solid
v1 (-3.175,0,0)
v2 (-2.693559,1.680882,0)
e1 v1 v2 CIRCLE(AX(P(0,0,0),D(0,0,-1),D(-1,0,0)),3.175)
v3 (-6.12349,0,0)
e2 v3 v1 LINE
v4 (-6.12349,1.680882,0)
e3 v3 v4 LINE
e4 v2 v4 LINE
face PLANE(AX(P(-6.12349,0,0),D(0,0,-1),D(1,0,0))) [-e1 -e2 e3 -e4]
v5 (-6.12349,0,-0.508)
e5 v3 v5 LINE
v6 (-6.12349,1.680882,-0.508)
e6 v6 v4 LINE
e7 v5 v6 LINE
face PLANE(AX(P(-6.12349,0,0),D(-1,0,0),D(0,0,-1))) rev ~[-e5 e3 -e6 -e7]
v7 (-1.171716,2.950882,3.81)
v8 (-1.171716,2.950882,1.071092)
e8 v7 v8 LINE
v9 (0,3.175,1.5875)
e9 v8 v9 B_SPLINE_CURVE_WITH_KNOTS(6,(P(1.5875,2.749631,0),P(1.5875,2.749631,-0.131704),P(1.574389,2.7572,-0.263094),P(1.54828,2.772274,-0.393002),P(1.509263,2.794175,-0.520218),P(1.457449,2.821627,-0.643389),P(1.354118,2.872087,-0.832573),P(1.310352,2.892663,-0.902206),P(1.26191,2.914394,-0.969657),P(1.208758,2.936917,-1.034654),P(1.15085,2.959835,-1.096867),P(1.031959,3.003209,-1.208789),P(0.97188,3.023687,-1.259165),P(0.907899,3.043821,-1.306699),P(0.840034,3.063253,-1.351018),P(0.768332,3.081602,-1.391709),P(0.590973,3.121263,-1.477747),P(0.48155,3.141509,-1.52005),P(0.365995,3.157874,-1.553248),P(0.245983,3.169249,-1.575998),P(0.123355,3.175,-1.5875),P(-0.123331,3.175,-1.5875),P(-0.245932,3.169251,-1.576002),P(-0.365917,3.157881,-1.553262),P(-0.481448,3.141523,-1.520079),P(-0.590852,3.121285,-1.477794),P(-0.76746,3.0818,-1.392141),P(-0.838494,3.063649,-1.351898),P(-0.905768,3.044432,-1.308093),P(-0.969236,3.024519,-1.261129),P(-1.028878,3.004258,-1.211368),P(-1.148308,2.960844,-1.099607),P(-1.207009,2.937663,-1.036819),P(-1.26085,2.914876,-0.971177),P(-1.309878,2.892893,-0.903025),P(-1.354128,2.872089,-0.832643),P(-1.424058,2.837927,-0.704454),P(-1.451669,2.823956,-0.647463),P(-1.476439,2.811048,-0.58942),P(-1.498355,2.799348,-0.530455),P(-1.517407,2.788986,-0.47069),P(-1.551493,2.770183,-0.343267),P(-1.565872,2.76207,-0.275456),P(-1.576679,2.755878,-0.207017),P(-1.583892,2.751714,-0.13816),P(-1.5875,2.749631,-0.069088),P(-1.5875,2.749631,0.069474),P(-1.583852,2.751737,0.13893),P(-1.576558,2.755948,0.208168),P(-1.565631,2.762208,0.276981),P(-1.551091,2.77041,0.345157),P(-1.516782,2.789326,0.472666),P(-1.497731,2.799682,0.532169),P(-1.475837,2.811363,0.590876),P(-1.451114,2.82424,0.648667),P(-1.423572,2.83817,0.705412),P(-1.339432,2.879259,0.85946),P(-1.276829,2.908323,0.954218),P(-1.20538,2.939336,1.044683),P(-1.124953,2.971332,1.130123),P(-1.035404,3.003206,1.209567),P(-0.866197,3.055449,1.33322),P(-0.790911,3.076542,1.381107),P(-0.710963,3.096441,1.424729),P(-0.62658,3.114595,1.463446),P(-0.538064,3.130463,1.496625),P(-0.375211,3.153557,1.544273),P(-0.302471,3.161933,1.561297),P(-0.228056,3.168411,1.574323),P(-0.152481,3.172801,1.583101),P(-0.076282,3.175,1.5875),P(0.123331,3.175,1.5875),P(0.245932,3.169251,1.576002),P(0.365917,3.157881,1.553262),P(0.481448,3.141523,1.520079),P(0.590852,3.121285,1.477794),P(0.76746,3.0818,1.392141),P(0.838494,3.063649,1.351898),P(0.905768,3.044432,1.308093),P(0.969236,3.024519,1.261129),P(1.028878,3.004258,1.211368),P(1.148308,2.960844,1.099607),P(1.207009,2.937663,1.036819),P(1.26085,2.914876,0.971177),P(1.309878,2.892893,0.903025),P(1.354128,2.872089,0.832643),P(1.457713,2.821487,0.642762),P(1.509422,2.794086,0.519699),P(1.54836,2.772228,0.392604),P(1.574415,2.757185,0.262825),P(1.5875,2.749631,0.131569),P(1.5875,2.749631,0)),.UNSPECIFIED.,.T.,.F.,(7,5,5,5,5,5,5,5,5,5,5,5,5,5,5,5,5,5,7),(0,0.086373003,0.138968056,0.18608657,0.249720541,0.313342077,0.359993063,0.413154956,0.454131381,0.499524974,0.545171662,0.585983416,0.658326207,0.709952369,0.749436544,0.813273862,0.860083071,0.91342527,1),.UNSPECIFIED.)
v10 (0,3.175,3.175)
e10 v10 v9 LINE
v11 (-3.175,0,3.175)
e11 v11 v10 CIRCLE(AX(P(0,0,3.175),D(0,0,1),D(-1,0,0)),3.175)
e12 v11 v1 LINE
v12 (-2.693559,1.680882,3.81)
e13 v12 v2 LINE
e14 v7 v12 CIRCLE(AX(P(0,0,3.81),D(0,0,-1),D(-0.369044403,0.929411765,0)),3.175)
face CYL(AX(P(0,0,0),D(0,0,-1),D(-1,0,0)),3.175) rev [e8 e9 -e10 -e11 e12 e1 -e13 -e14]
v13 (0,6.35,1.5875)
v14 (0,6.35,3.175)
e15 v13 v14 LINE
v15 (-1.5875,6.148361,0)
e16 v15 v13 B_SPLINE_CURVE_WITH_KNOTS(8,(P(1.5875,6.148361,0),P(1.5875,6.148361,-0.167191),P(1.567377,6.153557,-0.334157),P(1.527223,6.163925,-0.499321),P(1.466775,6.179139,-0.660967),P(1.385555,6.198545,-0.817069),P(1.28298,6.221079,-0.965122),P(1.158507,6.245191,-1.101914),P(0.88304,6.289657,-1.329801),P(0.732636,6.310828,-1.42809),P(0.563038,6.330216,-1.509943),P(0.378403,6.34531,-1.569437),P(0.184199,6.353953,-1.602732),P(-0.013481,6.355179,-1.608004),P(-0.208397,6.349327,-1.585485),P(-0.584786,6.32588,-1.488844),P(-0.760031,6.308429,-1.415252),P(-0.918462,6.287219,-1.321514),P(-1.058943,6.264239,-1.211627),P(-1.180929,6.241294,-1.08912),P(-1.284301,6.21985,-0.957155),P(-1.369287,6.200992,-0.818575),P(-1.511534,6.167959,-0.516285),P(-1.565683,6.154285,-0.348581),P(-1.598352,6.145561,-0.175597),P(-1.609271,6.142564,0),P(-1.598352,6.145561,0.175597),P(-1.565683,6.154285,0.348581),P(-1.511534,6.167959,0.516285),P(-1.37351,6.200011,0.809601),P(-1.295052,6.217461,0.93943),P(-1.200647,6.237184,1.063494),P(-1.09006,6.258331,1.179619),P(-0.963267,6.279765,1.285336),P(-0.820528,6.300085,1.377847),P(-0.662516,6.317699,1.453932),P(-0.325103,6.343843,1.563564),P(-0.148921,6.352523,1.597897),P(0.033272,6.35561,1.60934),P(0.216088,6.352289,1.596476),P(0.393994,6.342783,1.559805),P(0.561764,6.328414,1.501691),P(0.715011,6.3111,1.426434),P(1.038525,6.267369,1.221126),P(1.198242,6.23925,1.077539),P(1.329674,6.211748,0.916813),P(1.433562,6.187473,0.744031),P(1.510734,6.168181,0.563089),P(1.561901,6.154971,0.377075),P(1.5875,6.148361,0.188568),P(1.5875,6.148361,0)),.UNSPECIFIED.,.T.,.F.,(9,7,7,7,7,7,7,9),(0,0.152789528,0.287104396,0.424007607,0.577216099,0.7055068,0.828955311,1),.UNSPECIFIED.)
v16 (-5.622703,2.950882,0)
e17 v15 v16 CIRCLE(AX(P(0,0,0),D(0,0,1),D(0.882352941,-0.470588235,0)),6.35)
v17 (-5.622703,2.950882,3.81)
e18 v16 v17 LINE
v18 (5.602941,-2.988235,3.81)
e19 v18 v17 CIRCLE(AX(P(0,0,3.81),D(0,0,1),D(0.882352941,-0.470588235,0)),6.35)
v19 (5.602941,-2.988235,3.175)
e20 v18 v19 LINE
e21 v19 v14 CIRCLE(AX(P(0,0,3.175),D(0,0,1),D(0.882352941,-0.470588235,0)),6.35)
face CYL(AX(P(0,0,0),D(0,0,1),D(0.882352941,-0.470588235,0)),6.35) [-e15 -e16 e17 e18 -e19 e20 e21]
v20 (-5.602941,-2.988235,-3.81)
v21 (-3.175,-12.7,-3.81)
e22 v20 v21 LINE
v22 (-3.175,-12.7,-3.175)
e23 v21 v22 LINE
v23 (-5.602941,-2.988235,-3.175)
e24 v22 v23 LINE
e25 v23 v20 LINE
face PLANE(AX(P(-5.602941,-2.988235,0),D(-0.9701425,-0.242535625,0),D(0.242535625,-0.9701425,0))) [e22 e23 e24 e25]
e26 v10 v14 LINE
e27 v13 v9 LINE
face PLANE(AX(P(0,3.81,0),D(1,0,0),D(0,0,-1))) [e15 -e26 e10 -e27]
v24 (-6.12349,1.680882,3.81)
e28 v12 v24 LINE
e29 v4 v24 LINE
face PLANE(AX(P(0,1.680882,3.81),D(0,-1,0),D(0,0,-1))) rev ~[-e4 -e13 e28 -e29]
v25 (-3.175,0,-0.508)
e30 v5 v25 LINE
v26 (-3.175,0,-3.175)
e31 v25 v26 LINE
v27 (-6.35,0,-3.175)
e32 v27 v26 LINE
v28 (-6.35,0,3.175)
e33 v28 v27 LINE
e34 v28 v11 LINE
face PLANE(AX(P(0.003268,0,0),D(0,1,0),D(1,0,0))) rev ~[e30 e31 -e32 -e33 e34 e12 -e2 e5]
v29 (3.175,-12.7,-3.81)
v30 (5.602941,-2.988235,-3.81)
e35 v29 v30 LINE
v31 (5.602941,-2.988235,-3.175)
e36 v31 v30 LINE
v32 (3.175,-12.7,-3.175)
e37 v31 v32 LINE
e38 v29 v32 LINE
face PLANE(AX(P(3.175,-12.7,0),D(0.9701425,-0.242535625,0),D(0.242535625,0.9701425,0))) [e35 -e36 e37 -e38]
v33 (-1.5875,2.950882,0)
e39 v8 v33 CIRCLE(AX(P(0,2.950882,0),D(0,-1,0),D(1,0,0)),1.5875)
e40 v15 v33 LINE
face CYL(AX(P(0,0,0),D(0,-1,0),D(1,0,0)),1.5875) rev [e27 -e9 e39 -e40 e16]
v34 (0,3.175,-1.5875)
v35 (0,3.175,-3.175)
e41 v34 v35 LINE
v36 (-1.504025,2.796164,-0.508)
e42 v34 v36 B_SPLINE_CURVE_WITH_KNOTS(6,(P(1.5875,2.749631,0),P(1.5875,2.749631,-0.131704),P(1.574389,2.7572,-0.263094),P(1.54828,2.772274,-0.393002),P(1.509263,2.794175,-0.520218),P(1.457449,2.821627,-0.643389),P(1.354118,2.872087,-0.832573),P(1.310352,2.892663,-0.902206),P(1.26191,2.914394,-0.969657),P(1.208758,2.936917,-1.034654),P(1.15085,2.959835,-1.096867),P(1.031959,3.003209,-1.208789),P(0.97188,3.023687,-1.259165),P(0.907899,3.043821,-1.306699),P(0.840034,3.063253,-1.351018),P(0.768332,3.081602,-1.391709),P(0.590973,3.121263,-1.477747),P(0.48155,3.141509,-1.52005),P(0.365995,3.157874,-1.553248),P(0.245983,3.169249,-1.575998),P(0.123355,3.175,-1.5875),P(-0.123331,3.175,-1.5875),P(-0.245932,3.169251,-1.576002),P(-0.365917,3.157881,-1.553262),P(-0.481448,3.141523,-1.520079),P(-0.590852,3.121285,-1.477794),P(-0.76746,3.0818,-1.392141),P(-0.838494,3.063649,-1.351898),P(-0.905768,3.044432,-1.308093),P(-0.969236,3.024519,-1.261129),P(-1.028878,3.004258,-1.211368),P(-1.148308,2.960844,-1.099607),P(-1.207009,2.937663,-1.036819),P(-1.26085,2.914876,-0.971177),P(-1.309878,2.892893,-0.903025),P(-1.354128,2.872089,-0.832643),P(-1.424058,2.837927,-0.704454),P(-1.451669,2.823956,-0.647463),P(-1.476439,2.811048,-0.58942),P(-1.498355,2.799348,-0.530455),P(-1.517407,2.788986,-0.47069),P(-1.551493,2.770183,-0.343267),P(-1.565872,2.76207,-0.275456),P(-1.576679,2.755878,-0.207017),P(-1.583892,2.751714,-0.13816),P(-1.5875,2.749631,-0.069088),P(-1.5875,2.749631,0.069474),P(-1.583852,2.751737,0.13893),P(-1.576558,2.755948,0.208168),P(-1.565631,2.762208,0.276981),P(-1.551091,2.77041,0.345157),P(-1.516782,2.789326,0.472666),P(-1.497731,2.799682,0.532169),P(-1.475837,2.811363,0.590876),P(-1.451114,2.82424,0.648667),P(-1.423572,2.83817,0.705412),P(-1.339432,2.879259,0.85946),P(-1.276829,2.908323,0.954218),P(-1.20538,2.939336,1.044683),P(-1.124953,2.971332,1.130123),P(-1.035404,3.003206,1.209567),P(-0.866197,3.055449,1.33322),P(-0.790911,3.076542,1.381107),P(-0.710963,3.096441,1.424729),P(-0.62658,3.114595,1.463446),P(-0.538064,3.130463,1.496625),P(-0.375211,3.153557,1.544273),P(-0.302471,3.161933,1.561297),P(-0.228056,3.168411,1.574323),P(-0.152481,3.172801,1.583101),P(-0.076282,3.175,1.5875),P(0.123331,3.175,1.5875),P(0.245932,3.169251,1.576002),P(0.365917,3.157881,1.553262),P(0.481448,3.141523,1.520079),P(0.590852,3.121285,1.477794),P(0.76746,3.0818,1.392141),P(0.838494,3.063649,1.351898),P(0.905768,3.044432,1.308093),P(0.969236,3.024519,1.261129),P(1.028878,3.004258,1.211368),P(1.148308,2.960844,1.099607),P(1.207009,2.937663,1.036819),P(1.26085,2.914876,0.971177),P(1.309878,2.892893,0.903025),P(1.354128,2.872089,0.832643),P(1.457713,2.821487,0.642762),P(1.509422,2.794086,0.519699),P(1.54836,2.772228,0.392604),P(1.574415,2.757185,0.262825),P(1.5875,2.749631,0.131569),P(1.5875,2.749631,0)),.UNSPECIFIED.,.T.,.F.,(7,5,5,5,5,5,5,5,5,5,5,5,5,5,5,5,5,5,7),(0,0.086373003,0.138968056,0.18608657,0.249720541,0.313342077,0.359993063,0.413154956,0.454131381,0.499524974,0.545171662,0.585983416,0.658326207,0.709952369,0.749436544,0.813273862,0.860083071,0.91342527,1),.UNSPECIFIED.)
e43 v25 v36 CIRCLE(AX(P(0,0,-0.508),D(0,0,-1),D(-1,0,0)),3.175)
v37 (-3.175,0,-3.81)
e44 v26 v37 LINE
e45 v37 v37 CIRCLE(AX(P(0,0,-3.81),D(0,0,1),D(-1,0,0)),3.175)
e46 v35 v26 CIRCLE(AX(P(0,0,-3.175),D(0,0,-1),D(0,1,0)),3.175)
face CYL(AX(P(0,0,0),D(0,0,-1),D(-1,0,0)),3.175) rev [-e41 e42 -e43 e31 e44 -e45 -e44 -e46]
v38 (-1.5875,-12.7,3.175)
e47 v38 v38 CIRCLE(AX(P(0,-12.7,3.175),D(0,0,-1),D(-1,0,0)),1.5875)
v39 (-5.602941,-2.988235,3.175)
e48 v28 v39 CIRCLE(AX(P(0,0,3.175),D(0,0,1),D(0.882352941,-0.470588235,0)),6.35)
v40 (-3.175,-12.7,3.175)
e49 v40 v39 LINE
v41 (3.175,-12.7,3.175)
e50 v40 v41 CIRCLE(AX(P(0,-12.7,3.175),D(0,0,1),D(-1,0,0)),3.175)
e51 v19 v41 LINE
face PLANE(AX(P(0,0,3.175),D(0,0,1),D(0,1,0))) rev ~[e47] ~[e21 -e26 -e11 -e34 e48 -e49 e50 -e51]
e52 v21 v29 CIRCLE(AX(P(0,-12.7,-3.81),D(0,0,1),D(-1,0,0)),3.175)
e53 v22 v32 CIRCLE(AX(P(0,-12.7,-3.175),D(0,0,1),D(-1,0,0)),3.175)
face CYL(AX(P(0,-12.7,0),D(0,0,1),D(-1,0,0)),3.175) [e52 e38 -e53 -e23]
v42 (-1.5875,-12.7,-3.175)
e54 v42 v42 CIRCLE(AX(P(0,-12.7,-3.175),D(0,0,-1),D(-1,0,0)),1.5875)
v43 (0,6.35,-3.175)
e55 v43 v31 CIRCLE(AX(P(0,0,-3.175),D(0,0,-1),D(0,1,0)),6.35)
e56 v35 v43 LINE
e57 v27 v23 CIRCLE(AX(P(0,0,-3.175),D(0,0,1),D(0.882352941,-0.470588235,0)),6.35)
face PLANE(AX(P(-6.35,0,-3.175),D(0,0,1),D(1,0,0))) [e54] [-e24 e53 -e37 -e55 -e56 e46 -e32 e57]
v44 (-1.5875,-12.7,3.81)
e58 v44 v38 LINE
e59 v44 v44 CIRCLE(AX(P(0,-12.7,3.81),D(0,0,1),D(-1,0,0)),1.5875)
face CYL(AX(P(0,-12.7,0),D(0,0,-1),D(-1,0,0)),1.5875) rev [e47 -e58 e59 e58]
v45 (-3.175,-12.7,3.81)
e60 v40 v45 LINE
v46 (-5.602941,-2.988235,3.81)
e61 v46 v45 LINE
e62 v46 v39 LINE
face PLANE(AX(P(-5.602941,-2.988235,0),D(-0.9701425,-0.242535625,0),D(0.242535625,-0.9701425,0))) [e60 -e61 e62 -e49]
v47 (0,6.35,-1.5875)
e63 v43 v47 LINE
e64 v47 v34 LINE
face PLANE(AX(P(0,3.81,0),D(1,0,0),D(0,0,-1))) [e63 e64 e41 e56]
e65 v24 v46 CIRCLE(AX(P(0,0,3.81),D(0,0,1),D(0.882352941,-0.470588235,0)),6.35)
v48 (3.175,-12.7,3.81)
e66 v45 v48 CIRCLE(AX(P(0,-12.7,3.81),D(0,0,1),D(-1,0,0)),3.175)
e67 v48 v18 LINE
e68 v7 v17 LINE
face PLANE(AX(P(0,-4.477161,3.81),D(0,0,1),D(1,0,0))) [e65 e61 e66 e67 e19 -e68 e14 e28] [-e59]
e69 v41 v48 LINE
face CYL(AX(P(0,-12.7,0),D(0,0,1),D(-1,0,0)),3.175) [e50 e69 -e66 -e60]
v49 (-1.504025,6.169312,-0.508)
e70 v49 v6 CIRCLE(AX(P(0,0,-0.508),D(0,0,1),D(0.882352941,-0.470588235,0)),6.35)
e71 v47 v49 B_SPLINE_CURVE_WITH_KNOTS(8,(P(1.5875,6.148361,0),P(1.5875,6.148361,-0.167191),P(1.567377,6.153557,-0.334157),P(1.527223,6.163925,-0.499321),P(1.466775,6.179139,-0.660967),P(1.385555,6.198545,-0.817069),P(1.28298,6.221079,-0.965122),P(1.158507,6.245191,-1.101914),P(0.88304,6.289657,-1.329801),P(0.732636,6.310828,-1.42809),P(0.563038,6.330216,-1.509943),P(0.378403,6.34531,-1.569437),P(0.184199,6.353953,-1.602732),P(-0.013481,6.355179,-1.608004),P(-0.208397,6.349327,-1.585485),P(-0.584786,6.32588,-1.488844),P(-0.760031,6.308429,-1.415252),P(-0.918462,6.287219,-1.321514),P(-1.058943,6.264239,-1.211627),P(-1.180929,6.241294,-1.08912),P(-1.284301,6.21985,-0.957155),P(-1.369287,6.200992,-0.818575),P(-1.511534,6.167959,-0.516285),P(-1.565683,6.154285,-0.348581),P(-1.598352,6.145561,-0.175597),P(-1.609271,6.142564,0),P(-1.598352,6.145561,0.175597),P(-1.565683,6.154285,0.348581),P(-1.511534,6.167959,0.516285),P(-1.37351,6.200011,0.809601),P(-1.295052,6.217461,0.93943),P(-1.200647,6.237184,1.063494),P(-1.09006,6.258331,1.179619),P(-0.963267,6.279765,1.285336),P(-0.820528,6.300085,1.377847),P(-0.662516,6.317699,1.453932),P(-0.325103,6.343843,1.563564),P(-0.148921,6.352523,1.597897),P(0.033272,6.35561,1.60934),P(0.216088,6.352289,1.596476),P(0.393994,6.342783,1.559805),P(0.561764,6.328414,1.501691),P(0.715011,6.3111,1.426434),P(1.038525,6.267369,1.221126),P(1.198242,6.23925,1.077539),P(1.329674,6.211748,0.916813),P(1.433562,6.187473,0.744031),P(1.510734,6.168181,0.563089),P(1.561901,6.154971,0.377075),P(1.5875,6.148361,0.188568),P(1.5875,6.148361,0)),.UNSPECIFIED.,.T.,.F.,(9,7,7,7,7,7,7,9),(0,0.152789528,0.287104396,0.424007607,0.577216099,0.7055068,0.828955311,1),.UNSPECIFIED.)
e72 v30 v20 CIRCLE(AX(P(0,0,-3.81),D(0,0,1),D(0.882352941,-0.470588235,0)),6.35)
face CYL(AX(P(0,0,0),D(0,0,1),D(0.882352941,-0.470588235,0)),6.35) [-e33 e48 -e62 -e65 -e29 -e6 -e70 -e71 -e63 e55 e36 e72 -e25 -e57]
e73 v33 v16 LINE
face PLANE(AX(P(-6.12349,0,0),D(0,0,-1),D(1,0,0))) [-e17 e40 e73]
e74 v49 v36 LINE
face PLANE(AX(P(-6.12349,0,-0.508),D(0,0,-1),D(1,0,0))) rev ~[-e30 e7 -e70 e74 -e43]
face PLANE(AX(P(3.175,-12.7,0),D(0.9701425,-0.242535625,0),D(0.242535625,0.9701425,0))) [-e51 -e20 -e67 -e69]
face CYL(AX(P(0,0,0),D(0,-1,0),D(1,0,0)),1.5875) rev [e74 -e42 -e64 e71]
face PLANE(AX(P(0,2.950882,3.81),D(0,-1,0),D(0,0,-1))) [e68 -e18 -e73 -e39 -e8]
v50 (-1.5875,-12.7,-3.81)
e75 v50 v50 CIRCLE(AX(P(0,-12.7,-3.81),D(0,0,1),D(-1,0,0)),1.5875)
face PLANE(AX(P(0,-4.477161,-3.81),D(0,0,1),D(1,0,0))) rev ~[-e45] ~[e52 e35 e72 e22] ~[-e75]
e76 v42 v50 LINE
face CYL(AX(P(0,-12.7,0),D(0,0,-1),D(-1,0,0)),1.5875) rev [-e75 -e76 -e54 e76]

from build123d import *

# Parameters (mm, degrees)
CROQUIS1_R              = 3.175
CROQUIS1_R_2            = 1.5875
SALIENTE_EXTRUIR1_DEPTH = 3.81
CROQUIS2_W              = 12.70653568
CROQUIS2_H              = 6.35
CORTAR_EXTRUIR1_DEPTH   = 20.32
CROQUIS3_W              = 6.35
CROQUIS3_H              = 7.62
CORTAR_EXTRUIR2_DEPTH   = 20.32
CROQUIS4_W              = 3.81
CROQUIS4_H              = 1.27
CORTAR_EXTRUIR3_DEPTH   = 20.32
CROQUIS5_R              = 1.5875
CORTAR_EXTRUIR4_DEPTH   = 53.34
CORTAR_EXTRUIR6_DEPTH   = 53.34


with BuildPart() as part:
    # Croquis1 → Saliente-Extruir1 (new, symmetric)
    with BuildSketch(Plane.XY):
        with BuildLine():
            Line((-5.602941176, -2.988235294), (-3.175, -12.7))
            ThreePointArc((-3.175, -12.7), (0, -15.875), (3.175, -12.7))
            Line((3.175, -12.7), (5.602941176, -2.988235294))
            ThreePointArc((5.602941176, -2.988235294), (0, 6.35), (-5.602941176, -2.988235294))
        make_face()
        with Locations(Location((0, 0, 0), (0, 0, 180))):
            Circle(CROQUIS1_R, mode=Mode.SUBTRACT)
        with Locations(Location((0, -12.7, 0), (0, 0, 180))):
            Circle(CROQUIS1_R_2, mode=Mode.SUBTRACT)
    extrude(amount=SALIENTE_EXTRUIR1_DEPTH, both=True)

    # Croquis2 → Cortar-Extruir1 (cut)
    with BuildSketch(Plane(origin=(0, 0, 0), x_dir=(1, 0, 0), z_dir=(0, 1, 0))):
        with Locations((0.00326784, 0)):
            Rectangle(CROQUIS2_W, CROQUIS2_H)
    extrude(amount=-CORTAR_EXTRUIR1_DEPTH, mode=Mode.SUBTRACT)

    # Croquis3 → Cortar-Extruir2 (cut)
    with BuildSketch(Plane(origin=(0, 0, 0), x_dir=(0, 0, -1), z_dir=(1, 0, 0))):
        with Locations((0, 3.81)):
            Rectangle(CROQUIS3_W, CROQUIS3_H)
    extrude(amount=CORTAR_EXTRUIR2_DEPTH, mode=Mode.SUBTRACT)

    # Croquis4 → Cortar-Extruir3 (cut)
    with BuildSketch(Plane(origin=(0, 0, 0), x_dir=(0, 0, -1), z_dir=(1, 0, 0))):
        with Locations((-1.905, 2.315882353)):
            Rectangle(CROQUIS4_W, CROQUIS4_H)
    extrude(amount=-CORTAR_EXTRUIR3_DEPTH, mode=Mode.SUBTRACT)

    # Croquis5 → Cortar-Extruir4 (cut)
    with BuildSketch(Plane(origin=(0, 0, 0), x_dir=(1, 0, 0), z_dir=(0, 1, 0))):
        Circle(CROQUIS5_R)
    extrude(amount=CORTAR_EXTRUIR4_DEPTH, mode=Mode.SUBTRACT)

    # Croquis6 → Cortar-Extruir6 (cut)
    with BuildSketch(Plane(origin=(0, 0, 0), x_dir=(1, 0, 0), z_dir=(0, 1, 0))):
        Polygon((0, 0), (-5.622703384, 0), (-6.123490387, 0), (-6.123490387, 0.508), (0, 0.508), align=None)
    extrude(amount=CORTAR_EXTRUIR6_DEPTH, mode=Mode.SUBTRACT)


solid = part.part
